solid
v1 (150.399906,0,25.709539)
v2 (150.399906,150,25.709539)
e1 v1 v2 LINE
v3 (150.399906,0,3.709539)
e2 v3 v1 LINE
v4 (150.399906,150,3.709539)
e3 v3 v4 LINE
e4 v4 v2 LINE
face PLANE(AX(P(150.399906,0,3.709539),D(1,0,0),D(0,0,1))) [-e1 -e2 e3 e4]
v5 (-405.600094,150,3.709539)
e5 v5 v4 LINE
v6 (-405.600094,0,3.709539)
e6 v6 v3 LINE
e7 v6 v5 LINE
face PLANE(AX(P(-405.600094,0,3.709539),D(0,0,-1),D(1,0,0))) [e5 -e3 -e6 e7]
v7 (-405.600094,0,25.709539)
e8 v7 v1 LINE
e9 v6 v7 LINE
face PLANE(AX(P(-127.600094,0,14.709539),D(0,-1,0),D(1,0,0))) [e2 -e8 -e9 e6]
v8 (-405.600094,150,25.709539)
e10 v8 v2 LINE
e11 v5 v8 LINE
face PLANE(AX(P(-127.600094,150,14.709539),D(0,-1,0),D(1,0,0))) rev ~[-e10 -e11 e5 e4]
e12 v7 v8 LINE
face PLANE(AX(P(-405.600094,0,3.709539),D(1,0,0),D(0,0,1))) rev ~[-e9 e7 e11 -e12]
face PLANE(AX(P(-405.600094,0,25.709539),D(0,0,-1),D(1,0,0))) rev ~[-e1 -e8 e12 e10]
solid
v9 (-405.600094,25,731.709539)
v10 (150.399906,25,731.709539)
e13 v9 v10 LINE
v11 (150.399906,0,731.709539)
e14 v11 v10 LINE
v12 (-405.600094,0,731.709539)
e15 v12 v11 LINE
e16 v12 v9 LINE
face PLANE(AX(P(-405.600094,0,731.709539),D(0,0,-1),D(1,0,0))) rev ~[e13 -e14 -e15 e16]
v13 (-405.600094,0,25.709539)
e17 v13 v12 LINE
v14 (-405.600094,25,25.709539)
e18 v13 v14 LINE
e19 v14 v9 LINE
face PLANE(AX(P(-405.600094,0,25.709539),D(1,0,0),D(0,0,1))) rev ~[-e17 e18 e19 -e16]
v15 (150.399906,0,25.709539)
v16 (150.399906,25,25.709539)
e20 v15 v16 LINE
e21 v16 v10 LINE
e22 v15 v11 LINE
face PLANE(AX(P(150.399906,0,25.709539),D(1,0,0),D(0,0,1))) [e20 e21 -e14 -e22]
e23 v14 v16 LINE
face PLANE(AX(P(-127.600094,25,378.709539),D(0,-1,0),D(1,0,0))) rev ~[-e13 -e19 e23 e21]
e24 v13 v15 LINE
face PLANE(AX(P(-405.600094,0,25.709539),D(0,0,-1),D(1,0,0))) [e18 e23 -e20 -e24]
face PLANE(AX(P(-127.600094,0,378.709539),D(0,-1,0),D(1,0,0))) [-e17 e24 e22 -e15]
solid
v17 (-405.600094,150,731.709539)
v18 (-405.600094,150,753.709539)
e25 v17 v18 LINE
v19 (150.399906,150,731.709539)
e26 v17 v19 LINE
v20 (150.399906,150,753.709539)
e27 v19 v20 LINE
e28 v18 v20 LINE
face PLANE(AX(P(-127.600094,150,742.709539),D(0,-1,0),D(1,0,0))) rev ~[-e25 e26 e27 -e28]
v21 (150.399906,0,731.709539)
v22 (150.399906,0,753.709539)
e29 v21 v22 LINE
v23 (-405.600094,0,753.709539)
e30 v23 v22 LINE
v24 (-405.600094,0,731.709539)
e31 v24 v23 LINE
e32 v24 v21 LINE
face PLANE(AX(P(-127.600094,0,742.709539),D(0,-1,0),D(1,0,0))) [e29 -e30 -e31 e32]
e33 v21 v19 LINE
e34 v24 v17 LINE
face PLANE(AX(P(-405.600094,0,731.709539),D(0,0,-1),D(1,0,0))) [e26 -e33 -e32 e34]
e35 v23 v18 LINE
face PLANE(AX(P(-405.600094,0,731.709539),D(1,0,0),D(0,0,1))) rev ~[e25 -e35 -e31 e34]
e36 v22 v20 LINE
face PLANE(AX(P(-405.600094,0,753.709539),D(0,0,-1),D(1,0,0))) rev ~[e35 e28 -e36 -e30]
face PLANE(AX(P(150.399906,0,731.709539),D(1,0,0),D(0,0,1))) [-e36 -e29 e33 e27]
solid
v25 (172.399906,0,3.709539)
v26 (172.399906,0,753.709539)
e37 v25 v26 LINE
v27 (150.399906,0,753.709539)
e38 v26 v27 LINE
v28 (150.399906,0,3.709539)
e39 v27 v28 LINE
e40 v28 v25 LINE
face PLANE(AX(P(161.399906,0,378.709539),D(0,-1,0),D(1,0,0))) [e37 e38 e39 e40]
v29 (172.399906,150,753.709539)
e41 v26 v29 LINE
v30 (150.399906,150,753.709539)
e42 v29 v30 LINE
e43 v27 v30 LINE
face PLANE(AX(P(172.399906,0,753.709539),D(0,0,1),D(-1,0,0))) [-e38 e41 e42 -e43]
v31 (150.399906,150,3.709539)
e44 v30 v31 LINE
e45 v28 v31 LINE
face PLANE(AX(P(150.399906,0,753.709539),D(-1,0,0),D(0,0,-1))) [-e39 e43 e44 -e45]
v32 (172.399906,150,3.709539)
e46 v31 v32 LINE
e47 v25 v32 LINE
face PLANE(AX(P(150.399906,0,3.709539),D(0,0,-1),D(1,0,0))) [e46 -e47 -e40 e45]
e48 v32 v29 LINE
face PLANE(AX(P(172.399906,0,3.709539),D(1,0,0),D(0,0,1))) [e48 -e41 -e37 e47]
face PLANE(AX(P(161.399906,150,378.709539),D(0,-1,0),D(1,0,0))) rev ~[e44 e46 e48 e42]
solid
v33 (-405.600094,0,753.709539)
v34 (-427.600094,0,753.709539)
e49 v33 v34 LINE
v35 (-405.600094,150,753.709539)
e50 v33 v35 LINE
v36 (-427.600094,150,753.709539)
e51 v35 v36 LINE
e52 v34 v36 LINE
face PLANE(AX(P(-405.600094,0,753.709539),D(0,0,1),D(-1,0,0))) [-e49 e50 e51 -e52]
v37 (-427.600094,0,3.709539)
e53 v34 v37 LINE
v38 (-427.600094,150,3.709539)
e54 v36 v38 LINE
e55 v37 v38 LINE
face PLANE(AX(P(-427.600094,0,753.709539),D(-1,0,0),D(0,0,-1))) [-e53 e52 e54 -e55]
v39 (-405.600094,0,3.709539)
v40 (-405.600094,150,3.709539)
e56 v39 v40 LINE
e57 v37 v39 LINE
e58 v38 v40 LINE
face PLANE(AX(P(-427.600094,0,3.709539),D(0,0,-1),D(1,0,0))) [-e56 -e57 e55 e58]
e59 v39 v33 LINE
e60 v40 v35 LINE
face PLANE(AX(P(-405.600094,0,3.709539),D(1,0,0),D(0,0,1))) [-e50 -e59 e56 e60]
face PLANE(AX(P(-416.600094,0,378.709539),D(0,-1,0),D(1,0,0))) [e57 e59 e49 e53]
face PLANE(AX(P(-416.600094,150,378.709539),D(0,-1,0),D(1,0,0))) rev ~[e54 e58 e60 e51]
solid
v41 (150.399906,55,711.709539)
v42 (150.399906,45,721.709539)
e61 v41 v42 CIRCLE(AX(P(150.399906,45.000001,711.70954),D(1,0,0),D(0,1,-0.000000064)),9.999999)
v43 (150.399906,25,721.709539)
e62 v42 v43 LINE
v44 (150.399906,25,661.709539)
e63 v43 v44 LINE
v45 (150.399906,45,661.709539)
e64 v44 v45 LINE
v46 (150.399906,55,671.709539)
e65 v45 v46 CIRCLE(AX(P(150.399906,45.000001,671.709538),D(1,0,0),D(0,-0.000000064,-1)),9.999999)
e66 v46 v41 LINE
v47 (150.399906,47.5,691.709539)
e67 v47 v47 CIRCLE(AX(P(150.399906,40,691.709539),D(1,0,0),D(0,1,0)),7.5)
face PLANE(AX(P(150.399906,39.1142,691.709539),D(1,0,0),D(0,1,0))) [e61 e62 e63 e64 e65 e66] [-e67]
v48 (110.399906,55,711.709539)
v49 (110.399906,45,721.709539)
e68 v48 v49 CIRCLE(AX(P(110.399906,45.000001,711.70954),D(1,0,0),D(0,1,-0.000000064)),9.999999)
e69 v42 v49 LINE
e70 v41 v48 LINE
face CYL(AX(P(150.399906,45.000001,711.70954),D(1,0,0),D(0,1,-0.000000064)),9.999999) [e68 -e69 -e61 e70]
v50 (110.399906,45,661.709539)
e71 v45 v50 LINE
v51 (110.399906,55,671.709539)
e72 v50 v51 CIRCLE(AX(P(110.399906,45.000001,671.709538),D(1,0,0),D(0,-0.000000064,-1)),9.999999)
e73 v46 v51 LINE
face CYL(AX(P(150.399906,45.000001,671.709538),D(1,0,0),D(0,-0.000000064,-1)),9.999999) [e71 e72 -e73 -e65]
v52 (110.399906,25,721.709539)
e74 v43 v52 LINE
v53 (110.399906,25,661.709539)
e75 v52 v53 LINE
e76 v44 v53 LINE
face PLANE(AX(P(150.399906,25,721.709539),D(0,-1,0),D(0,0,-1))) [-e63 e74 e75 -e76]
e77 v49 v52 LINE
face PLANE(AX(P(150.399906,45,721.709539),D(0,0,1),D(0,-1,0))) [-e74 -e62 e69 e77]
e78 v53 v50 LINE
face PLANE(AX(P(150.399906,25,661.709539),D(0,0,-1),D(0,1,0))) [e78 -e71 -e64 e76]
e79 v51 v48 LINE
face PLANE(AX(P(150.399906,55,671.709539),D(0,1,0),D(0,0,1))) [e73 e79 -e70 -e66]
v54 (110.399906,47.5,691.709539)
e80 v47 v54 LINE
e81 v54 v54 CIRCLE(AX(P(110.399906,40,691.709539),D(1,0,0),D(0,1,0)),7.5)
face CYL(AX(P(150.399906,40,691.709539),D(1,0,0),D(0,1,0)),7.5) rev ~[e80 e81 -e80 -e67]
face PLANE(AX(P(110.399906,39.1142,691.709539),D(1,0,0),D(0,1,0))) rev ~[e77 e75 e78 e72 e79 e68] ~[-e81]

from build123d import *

# Parameters (mm, degrees)
F1_DEPTH = 150
F2_DEPTH = 150
F0_W     = 556
F0_H     = 22
F3_DEPTH = 150
F4_DEPTH = 150
F0_H_2   = 706
F5_DEPTH = 25
F6_R     = 7.5
F7_DEPTH = 40


with BuildPart() as f1:
    # F0 (on Front) → F1 (new body)
    with BuildSketch(Plane.XZ):
        Polygon((-405.600094, 753.709539), (-427.600094, 753.709539), (-427.600094, 3.709539), (-405.600094, 3.709539), (-405.600094, 25.709539), (-405.600094, 731.709539), align=None)
    extrude(amount=-F1_DEPTH)


with BuildPart() as f2:
    # F0 (on Front) → F2 (new body)
    with BuildSketch(Plane.XZ):
        Polygon((172.399906, 753.709539), (150.399906, 753.709539), (150.399906, 731.709539), (150.399906, 25.709539), (150.399906, 3.709539), (172.399906, 3.709539), align=None)
    extrude(amount=-F2_DEPTH)


with BuildPart() as f3:
    # F0 (on Front) → F3 (new body)
    with BuildSketch(Plane.XZ):
        with Locations((-127.600094, 742.709539)):
            Rectangle(F0_W, F0_H)
    extrude(amount=-F3_DEPTH)


with BuildPart() as f4:
    # F0 (on Front) → F4 (new body)
    with BuildSketch(Plane.XZ):
        with Locations((-127.600094, 14.709539)):
            Rectangle(F0_W, F0_H)
    extrude(amount=-F4_DEPTH)


with BuildPart() as f5:
    # F0 (on Front) → F5 (new body)
    with BuildSketch(Plane.XZ):
        with Locations((-127.600094, 378.709539)):
            Rectangle(F0_W, F0_H_2)
    extrude(amount=-F5_DEPTH)


with BuildPart() as f7:
    # F6 (on face) → F7 (new body)
    with BuildSketch(Plane.YZ.offset(150.399906)):
        with BuildLine():
            Line((45, 721.709539), (25, 721.709539))
            Line((25, 721.709539), (25, 661.709539))
            Line((25, 661.709539), (45, 661.709539))
            ThreePointArc((45, 661.709539), (52.071068, 664.638471), (55, 671.709539))
            Line((55, 671.709539), (55, 711.709539))
            ThreePointArc((55, 711.709539), (52.071068, 718.780607), (45, 721.709539))
        make_face()
        with Locations((40, 691.709539)):
            Circle(F6_R, mode=Mode.SUBTRACT)
    extrude(amount=-F7_DEPTH)


solid = Compound([f1.part, f2.part, f3.part, f4.part, f5.part, f7.part])
